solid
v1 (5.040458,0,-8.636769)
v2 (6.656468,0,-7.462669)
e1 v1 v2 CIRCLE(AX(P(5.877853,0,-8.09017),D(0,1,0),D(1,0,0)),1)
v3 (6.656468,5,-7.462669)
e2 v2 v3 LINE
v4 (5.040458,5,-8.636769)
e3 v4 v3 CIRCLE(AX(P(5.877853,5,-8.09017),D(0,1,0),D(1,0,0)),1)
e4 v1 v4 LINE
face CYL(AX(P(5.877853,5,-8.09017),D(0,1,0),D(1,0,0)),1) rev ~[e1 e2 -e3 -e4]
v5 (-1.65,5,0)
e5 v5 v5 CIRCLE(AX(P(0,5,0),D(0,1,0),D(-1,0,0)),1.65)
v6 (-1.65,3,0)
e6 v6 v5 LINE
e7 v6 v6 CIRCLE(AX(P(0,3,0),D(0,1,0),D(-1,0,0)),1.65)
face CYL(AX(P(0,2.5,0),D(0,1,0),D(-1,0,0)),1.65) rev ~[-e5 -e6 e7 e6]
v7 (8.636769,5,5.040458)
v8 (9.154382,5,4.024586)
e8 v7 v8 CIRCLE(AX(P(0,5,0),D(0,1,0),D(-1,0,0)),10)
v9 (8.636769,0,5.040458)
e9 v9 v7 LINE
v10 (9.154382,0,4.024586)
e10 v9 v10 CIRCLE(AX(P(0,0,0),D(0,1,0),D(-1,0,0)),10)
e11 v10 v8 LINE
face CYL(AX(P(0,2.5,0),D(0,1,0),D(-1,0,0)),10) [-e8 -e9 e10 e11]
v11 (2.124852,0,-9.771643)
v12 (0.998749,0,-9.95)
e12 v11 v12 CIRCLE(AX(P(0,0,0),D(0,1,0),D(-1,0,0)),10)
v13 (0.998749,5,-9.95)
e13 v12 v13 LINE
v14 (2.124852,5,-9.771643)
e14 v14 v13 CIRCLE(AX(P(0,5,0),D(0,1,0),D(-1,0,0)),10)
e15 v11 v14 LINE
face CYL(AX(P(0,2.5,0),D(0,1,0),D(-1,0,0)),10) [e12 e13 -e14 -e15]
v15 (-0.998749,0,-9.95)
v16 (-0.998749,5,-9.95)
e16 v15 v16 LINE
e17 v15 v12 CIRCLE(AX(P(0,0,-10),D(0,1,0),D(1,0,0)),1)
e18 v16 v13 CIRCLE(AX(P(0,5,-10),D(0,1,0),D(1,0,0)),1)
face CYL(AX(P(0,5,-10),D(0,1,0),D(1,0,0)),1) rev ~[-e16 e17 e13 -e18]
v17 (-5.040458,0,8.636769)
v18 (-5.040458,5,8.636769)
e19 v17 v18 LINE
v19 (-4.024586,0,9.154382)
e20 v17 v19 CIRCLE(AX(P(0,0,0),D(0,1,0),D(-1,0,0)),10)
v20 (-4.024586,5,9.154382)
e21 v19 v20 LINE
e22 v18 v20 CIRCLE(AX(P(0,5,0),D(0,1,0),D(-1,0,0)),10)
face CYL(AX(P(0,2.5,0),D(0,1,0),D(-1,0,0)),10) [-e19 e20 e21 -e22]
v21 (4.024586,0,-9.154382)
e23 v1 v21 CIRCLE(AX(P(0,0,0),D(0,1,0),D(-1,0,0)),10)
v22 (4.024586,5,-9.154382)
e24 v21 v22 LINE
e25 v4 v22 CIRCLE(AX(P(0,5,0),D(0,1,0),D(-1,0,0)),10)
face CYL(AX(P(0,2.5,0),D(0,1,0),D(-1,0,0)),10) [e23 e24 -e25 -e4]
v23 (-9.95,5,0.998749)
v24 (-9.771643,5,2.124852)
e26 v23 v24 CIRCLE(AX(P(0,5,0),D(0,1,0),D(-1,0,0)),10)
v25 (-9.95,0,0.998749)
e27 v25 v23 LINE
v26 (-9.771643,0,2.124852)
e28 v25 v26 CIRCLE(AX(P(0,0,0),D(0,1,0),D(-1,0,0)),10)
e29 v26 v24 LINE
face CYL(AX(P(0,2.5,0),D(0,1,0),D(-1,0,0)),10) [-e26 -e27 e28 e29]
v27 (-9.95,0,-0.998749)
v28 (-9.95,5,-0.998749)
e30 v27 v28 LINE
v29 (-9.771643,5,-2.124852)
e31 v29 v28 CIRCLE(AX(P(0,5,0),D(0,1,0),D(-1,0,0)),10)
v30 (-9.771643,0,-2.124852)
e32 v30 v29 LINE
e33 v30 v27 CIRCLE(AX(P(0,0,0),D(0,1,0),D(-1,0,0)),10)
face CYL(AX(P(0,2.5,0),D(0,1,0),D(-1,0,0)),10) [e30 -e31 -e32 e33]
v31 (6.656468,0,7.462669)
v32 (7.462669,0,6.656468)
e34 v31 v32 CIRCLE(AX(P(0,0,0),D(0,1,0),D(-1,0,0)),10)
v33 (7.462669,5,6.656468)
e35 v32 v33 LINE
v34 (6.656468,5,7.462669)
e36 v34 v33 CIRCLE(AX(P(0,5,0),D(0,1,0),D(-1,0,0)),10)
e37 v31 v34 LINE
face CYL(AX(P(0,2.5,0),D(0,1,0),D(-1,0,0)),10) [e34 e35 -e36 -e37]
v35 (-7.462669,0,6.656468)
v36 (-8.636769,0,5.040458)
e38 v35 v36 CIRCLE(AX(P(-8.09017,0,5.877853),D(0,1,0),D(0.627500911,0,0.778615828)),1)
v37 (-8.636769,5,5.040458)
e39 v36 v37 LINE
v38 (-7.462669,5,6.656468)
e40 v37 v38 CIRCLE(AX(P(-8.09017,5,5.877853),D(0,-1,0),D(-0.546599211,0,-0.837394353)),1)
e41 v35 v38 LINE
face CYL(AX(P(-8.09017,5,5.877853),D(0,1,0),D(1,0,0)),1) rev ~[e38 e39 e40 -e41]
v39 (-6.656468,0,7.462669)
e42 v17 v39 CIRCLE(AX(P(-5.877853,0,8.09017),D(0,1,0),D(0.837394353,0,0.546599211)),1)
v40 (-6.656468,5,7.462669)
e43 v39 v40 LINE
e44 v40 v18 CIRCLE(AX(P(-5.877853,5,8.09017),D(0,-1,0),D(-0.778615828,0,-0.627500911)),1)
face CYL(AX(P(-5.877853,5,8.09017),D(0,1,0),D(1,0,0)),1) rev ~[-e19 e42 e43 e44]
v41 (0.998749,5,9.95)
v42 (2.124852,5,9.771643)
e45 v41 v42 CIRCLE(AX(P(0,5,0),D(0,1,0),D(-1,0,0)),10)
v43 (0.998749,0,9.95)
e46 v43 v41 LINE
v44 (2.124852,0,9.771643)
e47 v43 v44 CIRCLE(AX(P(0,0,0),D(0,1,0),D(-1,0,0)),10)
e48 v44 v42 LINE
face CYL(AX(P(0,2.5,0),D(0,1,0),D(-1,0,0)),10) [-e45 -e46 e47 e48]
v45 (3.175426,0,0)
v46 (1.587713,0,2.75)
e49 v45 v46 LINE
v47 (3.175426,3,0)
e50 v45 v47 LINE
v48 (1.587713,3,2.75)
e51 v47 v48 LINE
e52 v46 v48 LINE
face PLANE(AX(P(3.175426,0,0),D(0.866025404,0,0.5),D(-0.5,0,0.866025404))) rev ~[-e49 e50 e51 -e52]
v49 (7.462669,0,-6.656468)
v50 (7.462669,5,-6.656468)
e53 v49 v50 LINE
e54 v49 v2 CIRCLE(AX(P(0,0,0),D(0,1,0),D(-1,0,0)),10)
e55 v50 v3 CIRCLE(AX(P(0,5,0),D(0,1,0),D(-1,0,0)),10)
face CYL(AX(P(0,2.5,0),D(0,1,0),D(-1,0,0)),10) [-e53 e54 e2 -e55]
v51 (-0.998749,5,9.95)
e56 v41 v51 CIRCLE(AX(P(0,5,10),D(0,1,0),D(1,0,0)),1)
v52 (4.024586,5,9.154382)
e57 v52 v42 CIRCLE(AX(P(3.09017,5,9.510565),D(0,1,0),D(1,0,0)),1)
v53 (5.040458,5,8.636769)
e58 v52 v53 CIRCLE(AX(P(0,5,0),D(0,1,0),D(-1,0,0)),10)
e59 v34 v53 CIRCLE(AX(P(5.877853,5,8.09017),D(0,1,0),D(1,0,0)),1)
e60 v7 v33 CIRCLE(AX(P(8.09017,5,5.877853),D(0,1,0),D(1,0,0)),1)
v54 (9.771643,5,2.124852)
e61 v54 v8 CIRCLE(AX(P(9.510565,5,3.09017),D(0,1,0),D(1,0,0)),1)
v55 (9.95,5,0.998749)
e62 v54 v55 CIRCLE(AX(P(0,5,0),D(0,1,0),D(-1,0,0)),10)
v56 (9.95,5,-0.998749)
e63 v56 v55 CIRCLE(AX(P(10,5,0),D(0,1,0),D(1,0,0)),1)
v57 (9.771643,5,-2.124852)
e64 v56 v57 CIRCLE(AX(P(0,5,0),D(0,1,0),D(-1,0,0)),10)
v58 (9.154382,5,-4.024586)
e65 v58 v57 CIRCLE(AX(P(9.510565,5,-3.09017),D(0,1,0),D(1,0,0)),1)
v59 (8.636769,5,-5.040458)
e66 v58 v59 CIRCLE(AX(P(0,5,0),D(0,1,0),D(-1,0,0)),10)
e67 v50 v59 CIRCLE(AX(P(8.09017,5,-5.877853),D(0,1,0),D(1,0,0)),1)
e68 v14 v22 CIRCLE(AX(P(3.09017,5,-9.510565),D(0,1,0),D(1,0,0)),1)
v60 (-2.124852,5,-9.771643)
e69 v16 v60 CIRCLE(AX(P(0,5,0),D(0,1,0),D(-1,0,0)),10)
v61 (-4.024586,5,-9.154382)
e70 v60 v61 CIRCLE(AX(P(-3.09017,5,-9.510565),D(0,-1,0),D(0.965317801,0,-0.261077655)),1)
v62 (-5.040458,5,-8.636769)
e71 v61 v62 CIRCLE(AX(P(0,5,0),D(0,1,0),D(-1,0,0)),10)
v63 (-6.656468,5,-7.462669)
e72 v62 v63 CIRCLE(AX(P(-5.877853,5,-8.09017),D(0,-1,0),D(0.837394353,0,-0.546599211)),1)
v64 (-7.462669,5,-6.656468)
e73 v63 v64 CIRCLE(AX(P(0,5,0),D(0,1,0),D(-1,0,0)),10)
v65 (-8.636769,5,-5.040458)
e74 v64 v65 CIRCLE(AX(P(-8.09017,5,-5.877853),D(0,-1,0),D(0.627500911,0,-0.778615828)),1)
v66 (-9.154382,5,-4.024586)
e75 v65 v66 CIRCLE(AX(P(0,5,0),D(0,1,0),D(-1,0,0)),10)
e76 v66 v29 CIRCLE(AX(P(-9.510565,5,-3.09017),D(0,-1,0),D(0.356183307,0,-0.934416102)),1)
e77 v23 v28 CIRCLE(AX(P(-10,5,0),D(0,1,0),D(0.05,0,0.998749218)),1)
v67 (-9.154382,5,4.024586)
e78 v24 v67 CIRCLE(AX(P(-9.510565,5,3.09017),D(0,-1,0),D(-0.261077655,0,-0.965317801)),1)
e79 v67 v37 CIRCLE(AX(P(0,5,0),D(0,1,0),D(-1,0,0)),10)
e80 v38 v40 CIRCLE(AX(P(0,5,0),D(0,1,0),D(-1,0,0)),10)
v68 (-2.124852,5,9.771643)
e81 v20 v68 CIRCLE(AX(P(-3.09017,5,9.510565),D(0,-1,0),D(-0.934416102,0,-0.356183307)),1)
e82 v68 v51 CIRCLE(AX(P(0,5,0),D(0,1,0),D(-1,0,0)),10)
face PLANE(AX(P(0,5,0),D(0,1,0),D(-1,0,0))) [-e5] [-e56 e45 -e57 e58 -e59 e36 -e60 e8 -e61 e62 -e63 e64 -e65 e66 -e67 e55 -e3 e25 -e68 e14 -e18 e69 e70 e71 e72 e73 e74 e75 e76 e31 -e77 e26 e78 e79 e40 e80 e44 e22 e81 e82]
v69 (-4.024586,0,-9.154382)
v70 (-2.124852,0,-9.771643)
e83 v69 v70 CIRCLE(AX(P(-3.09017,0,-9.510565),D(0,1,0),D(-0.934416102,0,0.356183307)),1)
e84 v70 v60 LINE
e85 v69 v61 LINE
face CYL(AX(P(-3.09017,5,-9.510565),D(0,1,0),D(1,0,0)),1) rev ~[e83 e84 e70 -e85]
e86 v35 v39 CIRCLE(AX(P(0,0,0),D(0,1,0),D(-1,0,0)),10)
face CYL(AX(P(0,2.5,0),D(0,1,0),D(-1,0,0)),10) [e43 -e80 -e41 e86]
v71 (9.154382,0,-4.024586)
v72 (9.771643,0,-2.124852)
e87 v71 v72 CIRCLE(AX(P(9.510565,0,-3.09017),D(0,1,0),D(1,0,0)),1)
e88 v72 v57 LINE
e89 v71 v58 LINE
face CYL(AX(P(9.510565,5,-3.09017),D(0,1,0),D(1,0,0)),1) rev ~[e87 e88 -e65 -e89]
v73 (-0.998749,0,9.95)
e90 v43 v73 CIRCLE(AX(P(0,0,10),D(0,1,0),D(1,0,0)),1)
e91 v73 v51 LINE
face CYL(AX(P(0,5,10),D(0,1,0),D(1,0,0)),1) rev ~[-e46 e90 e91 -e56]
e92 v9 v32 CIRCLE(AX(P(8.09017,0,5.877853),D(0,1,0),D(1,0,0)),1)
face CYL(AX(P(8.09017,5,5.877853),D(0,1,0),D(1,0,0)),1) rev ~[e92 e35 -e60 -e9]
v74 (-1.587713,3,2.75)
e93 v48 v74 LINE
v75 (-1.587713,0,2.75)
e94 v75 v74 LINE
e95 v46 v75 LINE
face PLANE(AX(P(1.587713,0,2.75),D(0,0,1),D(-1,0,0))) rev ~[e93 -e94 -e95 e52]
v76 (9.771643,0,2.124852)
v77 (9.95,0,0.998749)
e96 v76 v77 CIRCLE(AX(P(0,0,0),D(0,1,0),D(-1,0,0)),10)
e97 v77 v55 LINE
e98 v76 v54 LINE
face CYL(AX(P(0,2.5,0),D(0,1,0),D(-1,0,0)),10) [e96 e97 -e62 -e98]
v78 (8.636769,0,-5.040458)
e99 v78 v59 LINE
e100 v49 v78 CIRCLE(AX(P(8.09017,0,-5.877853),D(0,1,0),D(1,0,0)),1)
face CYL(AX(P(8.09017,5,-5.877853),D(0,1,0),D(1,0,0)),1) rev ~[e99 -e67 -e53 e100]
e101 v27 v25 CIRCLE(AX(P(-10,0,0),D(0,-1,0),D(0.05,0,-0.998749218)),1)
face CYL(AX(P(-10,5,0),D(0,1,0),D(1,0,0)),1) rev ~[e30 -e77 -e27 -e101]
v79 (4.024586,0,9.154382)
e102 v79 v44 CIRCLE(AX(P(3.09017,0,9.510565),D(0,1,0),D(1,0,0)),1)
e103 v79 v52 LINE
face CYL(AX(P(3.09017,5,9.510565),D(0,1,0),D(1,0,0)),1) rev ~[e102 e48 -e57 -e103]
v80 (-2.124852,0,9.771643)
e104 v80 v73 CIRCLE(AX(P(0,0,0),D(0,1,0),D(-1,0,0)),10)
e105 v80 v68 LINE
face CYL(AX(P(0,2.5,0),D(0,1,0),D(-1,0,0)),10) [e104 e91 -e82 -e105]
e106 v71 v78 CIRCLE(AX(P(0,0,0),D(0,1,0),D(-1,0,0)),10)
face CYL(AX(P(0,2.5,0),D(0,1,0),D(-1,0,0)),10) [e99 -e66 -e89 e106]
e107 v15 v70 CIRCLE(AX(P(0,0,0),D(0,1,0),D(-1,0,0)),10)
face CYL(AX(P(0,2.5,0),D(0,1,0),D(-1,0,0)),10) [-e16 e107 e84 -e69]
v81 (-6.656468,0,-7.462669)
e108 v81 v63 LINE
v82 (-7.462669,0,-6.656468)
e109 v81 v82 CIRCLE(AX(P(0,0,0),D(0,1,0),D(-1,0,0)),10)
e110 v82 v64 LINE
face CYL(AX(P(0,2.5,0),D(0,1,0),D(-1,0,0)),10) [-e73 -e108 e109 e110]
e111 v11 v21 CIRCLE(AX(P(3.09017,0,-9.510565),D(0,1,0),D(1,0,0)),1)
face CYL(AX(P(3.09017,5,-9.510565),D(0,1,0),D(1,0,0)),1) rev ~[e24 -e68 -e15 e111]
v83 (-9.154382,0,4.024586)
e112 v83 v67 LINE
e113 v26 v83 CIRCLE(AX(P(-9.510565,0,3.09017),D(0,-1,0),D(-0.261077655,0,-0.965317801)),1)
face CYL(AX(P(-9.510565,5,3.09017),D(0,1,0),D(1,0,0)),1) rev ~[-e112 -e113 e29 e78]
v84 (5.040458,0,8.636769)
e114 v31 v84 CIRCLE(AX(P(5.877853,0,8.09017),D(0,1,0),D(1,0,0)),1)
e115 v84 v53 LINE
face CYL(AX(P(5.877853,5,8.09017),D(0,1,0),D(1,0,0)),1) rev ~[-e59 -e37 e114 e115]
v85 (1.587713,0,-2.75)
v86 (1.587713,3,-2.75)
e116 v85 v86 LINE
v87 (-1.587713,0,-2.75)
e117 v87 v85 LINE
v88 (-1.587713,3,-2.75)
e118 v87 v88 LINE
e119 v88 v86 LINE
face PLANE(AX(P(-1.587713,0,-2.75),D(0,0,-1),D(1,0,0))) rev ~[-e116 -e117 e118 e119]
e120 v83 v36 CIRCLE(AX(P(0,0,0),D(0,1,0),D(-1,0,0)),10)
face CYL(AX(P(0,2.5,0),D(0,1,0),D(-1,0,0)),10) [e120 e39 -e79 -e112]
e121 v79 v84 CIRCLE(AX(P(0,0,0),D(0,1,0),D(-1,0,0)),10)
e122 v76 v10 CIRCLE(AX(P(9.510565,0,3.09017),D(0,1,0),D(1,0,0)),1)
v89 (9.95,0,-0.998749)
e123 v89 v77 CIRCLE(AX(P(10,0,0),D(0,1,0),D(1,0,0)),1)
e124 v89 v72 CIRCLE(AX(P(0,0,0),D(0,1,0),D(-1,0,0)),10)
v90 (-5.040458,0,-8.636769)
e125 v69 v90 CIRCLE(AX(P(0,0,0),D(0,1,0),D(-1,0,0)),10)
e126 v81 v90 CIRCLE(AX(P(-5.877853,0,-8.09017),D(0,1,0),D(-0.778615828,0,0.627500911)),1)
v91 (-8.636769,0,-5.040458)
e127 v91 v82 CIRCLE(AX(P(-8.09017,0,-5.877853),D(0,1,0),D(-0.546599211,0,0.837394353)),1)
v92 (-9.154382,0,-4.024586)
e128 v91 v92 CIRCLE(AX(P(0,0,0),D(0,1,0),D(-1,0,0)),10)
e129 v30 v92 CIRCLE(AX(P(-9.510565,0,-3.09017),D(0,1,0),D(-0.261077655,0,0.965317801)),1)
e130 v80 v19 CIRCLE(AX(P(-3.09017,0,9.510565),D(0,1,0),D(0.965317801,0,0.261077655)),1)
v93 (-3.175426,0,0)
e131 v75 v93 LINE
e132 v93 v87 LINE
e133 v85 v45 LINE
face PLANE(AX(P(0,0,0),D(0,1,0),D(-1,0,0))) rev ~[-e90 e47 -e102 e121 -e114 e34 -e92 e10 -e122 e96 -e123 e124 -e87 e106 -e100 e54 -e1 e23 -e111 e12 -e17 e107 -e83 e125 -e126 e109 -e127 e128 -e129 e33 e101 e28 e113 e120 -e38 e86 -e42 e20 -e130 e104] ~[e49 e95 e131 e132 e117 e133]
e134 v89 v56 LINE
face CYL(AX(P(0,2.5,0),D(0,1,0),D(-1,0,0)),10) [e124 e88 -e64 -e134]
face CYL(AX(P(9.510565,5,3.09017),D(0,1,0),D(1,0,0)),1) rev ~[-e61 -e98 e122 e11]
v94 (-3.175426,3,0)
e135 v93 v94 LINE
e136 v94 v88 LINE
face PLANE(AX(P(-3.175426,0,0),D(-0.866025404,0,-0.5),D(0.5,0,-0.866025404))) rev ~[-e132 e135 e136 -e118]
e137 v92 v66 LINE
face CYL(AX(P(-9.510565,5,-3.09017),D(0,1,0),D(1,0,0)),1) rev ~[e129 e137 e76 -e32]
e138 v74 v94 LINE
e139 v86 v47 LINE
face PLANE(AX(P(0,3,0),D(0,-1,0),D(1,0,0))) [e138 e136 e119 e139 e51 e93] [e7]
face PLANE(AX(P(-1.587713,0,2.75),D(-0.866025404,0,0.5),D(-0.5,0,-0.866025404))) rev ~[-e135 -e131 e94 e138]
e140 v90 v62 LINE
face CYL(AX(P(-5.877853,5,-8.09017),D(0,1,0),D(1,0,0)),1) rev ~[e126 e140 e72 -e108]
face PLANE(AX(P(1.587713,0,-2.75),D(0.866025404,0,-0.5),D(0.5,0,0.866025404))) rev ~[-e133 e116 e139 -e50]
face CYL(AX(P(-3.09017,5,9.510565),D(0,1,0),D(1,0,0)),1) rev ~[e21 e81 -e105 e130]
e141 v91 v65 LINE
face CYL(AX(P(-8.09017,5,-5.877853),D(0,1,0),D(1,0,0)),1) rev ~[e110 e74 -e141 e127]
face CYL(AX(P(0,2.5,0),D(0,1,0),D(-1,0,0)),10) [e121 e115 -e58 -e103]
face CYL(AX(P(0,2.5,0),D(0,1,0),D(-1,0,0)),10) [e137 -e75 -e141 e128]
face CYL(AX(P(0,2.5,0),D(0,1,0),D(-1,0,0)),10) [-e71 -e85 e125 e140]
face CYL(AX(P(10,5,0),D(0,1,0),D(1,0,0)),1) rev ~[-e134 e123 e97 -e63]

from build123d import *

# Parameters (mm, degrees)
ESBO_O1_W             = 8.35
ESBO_O1_H             = 5
CORTE_EXTRUS_O1_DEPTH = 3
ESBO_O4_R             = 1
CORTE_EXTRUS_O2_DEPTH = 10


with BuildPart() as part:
    # Esboço1 → Revolução1 (revolve)
    with BuildSketch(Plane.XY):
        with Locations((-5.825, 2.5)):
            Rectangle(ESBO_O1_W, ESBO_O1_H)
    revolve(axis=Axis((0, 0, 0), (0, 1, 0)))

    # Esboço3 → Corte-extrusão1 (cut)
    with BuildSketch(Plane.XZ):
        Polygon((3.175426481, 0), (1.58771324, 2.75), (-1.58771324, 2.75), (-3.175426481, 0), (-1.58771324, -2.75), (1.58771324, -2.75), align=None)
    extrude(amount=-CORTE_EXTRUS_O1_DEPTH, mode=Mode.SUBTRACT)

    # Esboço4 → Corte-extrusão2 (cut)
    with BuildSketch(Plane(origin=(0, 5, 0), x_dir=(1, 0, 0), z_dir=(0, 1, 0))):
        with Locations((0, 10)):
            Circle(ESBO_O4_R)
        with Locations((3.090169944, 9.510565163)):
            Circle(ESBO_O4_R)
        with Locations((5.877852523, 8.090169944)):
            Circle(ESBO_O4_R)
        with Locations((8.090169944, 5.877852523)):
            Circle(ESBO_O4_R)
        with Locations((9.510565163, 3.090169944)):
            Circle(ESBO_O4_R)
        with Locations((10, 0)):
            Circle(ESBO_O4_R)
        with Locations((9.510565163, -3.090169944)):
            Circle(ESBO_O4_R)
        with Locations((8.090169944, -5.877852523)):
            Circle(ESBO_O4_R)
        with Locations((5.877852523, -8.090169944)):
            Circle(ESBO_O4_R)
        with Locations((3.090169944, -9.510565163)):
            Circle(ESBO_O4_R)
        with Locations((0, -10)):
            Circle(ESBO_O4_R)
        with Locations((-3.090169944, -9.510565163)):
            Circle(ESBO_O4_R)
        with Locations((-5.877852523, -8.090169944)):
            Circle(ESBO_O4_R)
        with Locations((-8.090169944, -5.877852523)):
            Circle(ESBO_O4_R)
        with Locations((-9.510565163, -3.090169944)):
            Circle(ESBO_O4_R)
        with Locations((-10, 0)):
            Circle(ESBO_O4_R)
        with Locations((-9.510565163, 3.090169944)):
            Circle(ESBO_O4_R)
        with Locations((-8.090169944, 5.877852523)):
            Circle(ESBO_O4_R)
        with Locations((-5.877852523, 8.090169944)):
            Circle(ESBO_O4_R)
        with Locations((-3.090169944, 9.510565163)):
            Circle(ESBO_O4_R)
    extrude(amount=-CORTE_EXTRUS_O2_DEPTH, mode=Mode.SUBTRACT)


solid = part.part
